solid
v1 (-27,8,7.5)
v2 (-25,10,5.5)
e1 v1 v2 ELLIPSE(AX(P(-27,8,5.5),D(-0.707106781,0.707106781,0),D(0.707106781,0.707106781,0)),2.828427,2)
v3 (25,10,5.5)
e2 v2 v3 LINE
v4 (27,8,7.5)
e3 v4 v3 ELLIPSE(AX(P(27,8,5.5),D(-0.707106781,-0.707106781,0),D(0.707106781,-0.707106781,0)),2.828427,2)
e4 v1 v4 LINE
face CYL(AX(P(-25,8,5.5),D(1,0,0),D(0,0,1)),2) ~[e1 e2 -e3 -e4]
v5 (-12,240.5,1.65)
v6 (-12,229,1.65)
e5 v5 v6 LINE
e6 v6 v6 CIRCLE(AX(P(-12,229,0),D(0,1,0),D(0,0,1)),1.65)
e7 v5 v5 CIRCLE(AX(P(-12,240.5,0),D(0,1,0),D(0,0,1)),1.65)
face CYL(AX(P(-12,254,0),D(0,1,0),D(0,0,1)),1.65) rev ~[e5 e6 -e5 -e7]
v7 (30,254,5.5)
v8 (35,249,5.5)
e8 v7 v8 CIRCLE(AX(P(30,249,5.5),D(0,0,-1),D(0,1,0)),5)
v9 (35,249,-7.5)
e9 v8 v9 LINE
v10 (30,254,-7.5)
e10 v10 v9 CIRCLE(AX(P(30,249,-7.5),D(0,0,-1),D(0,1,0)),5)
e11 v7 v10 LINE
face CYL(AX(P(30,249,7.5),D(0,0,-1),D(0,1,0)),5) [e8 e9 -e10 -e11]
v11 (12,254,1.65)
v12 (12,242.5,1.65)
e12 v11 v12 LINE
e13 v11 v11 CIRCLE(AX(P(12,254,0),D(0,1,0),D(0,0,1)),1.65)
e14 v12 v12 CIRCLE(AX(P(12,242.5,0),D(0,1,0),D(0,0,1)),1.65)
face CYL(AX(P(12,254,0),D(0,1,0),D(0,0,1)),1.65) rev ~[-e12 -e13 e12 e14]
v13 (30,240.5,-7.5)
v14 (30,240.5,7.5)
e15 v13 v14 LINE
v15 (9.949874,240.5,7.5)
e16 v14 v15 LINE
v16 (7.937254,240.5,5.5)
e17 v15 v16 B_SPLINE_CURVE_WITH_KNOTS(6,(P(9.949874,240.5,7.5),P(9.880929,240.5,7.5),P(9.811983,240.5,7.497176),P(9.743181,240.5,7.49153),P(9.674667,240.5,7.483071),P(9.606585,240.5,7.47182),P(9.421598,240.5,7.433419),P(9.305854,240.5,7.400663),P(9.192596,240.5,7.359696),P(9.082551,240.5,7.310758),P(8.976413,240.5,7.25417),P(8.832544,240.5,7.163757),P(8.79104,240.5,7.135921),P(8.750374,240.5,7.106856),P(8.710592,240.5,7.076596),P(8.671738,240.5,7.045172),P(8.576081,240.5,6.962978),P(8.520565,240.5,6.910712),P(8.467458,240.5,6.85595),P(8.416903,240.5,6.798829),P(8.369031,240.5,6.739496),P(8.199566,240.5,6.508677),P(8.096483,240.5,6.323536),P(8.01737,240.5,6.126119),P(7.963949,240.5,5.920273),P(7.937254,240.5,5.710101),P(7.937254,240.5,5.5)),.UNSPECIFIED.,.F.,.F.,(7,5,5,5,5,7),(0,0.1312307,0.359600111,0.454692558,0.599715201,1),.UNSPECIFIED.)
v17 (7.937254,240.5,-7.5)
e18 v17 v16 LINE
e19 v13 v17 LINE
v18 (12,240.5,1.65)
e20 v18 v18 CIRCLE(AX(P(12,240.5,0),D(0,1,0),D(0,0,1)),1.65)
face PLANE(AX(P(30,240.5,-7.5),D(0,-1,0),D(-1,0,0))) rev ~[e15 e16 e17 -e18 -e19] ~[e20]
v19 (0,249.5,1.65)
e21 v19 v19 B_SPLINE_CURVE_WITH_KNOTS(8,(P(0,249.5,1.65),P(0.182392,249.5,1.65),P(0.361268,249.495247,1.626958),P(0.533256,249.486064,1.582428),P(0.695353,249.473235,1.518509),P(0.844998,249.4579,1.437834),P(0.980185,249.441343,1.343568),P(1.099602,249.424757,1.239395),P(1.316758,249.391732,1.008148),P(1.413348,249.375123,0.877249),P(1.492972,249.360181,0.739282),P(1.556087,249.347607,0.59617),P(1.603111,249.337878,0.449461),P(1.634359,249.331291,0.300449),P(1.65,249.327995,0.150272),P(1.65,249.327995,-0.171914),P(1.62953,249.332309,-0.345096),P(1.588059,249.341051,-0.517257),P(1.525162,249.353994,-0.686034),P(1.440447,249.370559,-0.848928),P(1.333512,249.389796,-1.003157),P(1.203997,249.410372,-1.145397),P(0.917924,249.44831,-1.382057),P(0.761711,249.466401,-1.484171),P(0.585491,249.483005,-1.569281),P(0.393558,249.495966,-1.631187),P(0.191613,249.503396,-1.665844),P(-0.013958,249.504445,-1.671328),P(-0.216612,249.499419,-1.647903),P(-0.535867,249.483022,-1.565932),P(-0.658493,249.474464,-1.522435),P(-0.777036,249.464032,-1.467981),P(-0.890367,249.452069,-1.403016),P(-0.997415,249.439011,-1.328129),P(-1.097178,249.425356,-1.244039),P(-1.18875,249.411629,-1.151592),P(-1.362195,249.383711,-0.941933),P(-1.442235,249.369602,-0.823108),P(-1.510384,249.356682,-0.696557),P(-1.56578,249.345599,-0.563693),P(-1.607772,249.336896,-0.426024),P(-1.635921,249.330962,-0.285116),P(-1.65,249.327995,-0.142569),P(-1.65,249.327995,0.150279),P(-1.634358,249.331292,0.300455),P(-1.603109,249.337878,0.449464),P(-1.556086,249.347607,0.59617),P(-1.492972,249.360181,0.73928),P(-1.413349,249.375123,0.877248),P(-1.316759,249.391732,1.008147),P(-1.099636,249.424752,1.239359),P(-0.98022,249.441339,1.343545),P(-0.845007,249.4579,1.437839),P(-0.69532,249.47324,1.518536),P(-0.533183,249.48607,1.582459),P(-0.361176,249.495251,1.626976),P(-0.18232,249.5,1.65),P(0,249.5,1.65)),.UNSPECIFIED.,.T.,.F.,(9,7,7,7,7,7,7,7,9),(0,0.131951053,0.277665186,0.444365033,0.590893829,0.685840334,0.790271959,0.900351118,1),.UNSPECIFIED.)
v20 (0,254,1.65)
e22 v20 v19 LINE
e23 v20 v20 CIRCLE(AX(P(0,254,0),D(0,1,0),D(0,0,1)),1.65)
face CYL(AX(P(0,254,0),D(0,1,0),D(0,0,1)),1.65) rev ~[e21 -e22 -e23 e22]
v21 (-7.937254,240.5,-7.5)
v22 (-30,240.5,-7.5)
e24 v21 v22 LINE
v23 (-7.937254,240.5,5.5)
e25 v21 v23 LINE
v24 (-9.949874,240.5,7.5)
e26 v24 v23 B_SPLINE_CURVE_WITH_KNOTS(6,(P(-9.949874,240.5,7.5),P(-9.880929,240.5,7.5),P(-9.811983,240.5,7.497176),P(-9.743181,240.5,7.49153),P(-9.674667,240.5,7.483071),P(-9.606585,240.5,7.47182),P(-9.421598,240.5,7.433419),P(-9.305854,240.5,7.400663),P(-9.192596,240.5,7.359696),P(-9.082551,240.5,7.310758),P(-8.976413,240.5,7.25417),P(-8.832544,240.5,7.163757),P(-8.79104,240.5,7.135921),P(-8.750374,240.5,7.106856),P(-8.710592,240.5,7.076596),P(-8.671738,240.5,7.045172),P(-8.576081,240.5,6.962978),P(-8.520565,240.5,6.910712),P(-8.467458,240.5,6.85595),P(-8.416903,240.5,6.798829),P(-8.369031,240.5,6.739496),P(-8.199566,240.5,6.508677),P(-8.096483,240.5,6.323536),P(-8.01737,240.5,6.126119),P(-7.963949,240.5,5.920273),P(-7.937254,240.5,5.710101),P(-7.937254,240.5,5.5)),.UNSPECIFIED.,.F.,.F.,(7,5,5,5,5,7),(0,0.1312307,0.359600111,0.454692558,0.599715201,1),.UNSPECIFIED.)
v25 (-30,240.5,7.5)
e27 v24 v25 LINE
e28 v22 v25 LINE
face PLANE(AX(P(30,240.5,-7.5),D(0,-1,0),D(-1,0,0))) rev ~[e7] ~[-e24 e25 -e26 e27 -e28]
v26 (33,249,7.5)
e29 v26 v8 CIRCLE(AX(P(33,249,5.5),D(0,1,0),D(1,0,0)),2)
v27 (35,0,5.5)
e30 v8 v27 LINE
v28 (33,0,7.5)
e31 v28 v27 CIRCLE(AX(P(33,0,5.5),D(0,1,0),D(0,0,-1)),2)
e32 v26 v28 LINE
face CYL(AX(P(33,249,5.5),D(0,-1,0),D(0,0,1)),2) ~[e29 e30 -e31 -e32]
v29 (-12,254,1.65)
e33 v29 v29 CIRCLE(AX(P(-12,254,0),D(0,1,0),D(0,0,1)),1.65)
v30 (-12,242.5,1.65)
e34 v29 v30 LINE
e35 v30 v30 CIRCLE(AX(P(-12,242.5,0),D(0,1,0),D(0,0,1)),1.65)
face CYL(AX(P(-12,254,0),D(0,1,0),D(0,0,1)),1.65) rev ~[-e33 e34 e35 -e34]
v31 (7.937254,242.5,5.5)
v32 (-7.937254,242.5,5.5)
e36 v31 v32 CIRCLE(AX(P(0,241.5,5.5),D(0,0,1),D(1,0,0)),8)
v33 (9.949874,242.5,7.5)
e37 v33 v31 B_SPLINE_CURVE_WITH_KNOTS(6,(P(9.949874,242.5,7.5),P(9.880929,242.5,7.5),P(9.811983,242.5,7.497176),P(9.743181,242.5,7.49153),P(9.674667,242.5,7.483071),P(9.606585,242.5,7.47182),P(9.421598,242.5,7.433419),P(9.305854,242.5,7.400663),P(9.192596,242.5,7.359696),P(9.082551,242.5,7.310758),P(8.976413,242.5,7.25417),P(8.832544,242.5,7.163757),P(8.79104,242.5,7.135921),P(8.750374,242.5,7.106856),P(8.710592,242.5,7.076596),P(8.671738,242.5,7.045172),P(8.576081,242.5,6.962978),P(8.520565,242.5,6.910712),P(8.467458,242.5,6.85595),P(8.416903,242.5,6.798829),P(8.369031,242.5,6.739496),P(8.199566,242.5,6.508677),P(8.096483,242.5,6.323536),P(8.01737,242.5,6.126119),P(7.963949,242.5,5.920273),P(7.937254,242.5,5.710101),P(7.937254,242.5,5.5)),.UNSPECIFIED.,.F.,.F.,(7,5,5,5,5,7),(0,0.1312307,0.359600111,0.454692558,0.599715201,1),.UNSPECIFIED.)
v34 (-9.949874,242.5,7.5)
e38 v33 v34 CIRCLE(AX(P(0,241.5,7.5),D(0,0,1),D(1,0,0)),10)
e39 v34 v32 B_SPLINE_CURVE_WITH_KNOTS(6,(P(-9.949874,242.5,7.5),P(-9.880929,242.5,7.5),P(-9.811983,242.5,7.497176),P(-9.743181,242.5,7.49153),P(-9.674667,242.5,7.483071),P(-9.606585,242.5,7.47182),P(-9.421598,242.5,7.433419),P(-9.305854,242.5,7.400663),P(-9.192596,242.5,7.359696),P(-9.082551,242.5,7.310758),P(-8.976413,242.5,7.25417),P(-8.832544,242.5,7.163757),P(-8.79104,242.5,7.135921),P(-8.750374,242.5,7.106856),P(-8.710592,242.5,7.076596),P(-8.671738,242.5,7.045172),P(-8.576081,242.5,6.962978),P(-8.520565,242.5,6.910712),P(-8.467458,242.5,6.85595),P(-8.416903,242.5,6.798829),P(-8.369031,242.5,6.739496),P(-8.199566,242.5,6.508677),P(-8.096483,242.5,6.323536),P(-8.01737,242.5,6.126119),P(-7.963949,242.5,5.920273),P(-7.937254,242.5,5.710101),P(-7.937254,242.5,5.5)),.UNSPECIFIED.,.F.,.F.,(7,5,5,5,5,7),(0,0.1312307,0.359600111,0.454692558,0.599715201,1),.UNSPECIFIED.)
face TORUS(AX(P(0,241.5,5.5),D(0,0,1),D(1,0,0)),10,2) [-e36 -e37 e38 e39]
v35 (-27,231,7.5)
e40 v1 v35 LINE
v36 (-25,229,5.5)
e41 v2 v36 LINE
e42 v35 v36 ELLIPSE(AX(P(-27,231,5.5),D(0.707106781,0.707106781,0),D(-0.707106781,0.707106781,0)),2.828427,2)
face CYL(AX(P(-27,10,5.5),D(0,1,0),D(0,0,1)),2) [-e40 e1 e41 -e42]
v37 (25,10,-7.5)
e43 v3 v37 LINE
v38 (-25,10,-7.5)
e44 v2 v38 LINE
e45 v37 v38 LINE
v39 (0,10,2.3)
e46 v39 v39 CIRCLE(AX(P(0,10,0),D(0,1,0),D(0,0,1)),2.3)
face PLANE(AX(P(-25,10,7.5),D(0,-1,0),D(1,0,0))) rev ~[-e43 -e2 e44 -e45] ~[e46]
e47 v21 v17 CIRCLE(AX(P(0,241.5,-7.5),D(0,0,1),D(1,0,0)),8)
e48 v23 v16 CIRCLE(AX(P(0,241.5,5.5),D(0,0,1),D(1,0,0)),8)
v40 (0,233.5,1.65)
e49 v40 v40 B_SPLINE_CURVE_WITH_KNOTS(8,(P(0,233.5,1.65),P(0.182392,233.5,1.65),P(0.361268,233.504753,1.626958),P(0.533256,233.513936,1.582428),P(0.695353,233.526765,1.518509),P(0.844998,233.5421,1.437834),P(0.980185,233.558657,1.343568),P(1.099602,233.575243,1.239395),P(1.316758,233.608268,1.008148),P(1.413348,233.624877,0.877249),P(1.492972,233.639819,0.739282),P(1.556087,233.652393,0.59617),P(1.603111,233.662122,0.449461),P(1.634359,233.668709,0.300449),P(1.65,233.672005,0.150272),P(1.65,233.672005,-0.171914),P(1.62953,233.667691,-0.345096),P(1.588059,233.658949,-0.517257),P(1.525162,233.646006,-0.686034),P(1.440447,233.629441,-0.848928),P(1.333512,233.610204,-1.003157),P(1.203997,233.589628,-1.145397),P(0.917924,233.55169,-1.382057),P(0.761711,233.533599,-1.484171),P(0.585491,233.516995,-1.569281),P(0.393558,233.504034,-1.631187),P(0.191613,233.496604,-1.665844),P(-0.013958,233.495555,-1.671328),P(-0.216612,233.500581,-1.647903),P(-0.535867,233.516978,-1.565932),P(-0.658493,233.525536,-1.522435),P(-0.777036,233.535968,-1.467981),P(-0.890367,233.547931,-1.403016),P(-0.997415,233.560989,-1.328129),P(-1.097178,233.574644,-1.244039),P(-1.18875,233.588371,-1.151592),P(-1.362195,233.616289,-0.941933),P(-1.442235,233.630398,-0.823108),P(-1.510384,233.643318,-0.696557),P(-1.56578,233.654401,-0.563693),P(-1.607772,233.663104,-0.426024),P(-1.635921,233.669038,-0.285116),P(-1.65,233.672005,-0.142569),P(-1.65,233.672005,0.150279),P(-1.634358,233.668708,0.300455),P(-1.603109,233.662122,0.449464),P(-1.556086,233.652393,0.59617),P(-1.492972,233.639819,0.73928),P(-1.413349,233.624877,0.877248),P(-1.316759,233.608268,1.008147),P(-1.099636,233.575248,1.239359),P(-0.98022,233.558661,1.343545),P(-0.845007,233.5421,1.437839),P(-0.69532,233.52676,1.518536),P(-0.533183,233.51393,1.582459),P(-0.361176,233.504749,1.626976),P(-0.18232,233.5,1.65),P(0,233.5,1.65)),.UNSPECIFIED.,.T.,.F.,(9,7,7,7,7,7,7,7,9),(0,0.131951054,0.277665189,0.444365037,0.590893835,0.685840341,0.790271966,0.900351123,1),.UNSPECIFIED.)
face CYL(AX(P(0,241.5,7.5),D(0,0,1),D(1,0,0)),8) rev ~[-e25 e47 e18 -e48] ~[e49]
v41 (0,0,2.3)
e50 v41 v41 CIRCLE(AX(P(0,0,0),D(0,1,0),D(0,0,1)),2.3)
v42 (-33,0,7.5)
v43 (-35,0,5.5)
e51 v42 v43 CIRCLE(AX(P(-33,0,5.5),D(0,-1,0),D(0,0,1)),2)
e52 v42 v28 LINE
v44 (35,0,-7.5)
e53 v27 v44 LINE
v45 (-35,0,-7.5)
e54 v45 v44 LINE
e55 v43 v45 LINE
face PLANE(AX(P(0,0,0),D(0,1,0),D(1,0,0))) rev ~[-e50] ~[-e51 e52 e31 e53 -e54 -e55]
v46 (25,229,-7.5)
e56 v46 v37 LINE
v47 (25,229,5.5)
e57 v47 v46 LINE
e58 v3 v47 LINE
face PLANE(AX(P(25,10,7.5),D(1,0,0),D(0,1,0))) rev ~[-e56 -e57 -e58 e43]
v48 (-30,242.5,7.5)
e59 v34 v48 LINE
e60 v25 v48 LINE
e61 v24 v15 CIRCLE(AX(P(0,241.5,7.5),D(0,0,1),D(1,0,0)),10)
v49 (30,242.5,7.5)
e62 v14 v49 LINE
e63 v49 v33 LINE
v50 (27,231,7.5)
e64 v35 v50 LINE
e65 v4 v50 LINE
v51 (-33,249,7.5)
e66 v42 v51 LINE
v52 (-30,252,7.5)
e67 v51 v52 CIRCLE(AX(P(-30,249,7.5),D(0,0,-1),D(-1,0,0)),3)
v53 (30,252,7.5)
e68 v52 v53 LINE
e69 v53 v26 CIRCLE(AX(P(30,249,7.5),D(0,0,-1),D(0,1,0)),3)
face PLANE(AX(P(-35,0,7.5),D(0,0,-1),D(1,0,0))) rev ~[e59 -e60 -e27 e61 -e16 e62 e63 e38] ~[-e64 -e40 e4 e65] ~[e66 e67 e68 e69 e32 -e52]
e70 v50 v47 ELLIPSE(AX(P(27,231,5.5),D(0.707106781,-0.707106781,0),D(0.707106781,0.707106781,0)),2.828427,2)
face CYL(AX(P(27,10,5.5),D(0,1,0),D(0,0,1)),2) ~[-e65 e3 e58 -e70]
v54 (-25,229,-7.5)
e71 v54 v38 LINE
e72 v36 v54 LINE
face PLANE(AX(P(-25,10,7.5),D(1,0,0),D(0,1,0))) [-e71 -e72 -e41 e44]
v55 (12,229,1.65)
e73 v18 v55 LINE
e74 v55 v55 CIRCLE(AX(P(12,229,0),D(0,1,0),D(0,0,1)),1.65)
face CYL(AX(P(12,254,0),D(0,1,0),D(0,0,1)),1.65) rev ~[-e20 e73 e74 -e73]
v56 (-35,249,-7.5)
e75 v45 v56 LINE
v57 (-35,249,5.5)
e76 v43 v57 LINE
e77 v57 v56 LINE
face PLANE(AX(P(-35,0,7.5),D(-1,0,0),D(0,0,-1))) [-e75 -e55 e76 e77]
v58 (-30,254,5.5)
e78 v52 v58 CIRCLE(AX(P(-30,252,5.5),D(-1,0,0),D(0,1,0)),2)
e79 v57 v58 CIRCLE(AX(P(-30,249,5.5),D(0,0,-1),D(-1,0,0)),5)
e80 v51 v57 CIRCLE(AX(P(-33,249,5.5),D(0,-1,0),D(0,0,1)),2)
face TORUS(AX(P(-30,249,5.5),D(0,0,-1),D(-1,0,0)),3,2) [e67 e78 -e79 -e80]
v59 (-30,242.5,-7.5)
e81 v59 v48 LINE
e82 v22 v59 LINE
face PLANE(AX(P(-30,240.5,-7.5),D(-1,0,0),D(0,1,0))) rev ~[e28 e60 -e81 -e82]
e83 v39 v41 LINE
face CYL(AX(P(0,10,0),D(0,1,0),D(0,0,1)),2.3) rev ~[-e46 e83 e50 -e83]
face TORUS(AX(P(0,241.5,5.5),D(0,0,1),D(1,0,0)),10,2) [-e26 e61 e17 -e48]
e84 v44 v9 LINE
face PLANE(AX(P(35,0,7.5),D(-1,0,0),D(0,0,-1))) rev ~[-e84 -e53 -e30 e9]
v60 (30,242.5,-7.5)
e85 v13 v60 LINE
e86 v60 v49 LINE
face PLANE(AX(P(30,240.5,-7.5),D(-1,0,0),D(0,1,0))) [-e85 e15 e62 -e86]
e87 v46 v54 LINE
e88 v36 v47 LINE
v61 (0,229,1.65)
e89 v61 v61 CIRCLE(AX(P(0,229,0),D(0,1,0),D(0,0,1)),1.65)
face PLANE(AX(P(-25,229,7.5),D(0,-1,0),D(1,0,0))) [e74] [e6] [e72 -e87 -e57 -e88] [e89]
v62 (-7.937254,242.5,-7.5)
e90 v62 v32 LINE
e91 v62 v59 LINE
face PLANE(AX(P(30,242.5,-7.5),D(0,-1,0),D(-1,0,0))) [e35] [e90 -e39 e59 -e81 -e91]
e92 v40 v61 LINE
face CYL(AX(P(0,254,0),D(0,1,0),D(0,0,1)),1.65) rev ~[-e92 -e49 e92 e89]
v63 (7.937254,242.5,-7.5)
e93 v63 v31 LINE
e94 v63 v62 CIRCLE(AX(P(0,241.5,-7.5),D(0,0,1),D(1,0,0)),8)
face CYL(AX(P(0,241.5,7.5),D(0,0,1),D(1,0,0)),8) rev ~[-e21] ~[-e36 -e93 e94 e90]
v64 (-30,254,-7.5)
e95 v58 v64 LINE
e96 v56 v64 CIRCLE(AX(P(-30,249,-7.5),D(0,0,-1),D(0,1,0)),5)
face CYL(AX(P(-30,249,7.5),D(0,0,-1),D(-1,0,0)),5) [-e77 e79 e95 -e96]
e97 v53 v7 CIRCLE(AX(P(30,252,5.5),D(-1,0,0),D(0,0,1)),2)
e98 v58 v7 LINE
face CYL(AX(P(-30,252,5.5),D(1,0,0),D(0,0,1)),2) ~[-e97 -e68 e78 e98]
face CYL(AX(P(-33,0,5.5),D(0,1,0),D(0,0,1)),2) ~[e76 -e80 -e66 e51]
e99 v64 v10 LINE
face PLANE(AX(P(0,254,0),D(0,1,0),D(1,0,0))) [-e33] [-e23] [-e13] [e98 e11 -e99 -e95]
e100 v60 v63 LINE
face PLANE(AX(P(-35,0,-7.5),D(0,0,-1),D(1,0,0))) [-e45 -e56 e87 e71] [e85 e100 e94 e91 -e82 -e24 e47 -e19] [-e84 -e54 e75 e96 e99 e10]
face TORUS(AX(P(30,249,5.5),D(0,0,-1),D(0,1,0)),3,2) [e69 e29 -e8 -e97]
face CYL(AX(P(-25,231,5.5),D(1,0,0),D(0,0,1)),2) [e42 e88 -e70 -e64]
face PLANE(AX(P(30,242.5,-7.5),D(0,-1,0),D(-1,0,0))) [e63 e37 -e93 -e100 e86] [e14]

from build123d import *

# Parameters (mm, degrees)
SKETCH_1_W          = 70
SKETCH_1_H          = 15
EXTRUDE_3_DEPTH     = 254
SKETCH_5_W          = 50
SKETCH_5_H          = 219
CUT_EXTRUDE_2_DEPTH = 150
SKETCH_6_R          = 8
CUT_EXTRUDE_3_DEPTH = 150
FILLET_1_R          = 2
FILLET_2_R          = 5
FILLET_3_R          = 5
SKETCH_7_R          = 2.3
CUT_EXTRUDE_4_DEPTH = 150
SKETCH_8_W          = 60
SKETCH_8_H          = 2
CUT_EXTRUDE_5_DEPTH = 257.838470639
FILLET_4_R          = 2
FILLET_7_R          = 2
SKETCH_9_R          = 1.65
CUT_EXTRUDE_6_DEPTH = 30


with BuildPart() as part:
    # 草图1 → 凸台-拉伸3 (new body)
    with BuildSketch(Plane(origin=(0, 0, 0), x_dir=(1, 0, 0), z_dir=(0, 1, 0))):
        Rectangle(SKETCH_1_W, SKETCH_1_H)
    extrude(amount=EXTRUDE_3_DEPTH)

    # 草图5 → 切除-拉伸2 (cut)
    with BuildSketch(Plane.XY.offset(7.5)):
        with Locations((0, 119.5)):
            Rectangle(SKETCH_5_W, SKETCH_5_H)
    extrude(amount=-CUT_EXTRUDE_2_DEPTH, mode=Mode.SUBTRACT)

    # 草图6 → 切除-拉伸3 (cut)
    with BuildSketch(Plane.XY.offset(7.5)):
        with Locations((0, 241.5)):
            Circle(SKETCH_6_R)
    extrude(amount=-CUT_EXTRUDE_3_DEPTH, mode=Mode.SUBTRACT)

    # 圆角1
    fillet_1_edges = [part.edges().sort_by_distance(p)[0] for p in [
        (-8, 241.5, 7.5),
    ]]
    fillet(fillet_1_edges, radius=FILLET_1_R)

    # 圆角2
    fillet_2_edges = [part.edges().sort_by_distance(p)[0] for p in [
        (-35, 254, 0),
    ]]
    fillet(fillet_2_edges, radius=FILLET_2_R)

    # 圆角3
    fillet_3_edges = [part.edges().sort_by_distance(p)[0] for p in [
        (35, 254, 0),
    ]]
    fillet(fillet_3_edges, radius=FILLET_3_R)

    # 草图7 → 切除-拉伸4 (cut)
    with BuildSketch(Plane(origin=(0, 10, 0), x_dir=(1, 0, 0), z_dir=(0, 1, 0))):
        with Locations(Location((0, 0, 0), (0, 0, 270))):
            Circle(SKETCH_7_R)
    extrude(amount=-CUT_EXTRUDE_4_DEPTH, mode=Mode.SUBTRACT)

    # 草图8 → 切除-拉伸5 (cut, through all)
    with BuildSketch(Plane(origin=(0, 0, -7.5), x_dir=(-1, 0, 0), z_dir=(0, 0, -1))):
        with Locations((0, 241.5)):
            Rectangle(SKETCH_8_W, SKETCH_8_H)
    extrude(amount=-CUT_EXTRUDE_5_DEPTH, mode=Mode.SUBTRACT)

    # 圆角4
    fillet_4_edges = [part.edges().sort_by_distance(p)[0] for p in [
        (-35, 124.5, 7.5),
        (0, 254, 7.5),
        (-33.535533906, 252.535533906, 7.5),
        (35, 124.5, 7.5),
        (33.535533906, 252.535533906, 7.5),
    ]]
    fillet(fillet_4_edges, radius=FILLET_4_R)

    # 圆角7
    fillet_7_edges = [part.edges().sort_by_distance(p)[0] for p in [
        (-25, 119.5, 7.5),
        (0, 10, 7.5),
        (25, 119.5, 7.5),
        (0, 229, 7.5),
    ]]
    fillet(fillet_7_edges, radius=FILLET_7_R)

    # 草图9 → 切除-拉伸6 (cut)
    with BuildSketch(Plane(origin=(0, 254, 0), x_dir=(1, 0, 0), z_dir=(0, 1, 0))):
        with Locations(Location((-12, 0, 0), (0, 0, 270))):
            Circle(SKETCH_9_R)
        with Locations(Location((12, 0, 0), (0, 0, 270))):
            Circle(SKETCH_9_R)
        with Locations(Location((0, 0, 0), (0, 0, 270))):
            Circle(SKETCH_9_R)
    extrude(amount=-CUT_EXTRUDE_6_DEPTH, mode=Mode.SUBTRACT)


solid = part.part
